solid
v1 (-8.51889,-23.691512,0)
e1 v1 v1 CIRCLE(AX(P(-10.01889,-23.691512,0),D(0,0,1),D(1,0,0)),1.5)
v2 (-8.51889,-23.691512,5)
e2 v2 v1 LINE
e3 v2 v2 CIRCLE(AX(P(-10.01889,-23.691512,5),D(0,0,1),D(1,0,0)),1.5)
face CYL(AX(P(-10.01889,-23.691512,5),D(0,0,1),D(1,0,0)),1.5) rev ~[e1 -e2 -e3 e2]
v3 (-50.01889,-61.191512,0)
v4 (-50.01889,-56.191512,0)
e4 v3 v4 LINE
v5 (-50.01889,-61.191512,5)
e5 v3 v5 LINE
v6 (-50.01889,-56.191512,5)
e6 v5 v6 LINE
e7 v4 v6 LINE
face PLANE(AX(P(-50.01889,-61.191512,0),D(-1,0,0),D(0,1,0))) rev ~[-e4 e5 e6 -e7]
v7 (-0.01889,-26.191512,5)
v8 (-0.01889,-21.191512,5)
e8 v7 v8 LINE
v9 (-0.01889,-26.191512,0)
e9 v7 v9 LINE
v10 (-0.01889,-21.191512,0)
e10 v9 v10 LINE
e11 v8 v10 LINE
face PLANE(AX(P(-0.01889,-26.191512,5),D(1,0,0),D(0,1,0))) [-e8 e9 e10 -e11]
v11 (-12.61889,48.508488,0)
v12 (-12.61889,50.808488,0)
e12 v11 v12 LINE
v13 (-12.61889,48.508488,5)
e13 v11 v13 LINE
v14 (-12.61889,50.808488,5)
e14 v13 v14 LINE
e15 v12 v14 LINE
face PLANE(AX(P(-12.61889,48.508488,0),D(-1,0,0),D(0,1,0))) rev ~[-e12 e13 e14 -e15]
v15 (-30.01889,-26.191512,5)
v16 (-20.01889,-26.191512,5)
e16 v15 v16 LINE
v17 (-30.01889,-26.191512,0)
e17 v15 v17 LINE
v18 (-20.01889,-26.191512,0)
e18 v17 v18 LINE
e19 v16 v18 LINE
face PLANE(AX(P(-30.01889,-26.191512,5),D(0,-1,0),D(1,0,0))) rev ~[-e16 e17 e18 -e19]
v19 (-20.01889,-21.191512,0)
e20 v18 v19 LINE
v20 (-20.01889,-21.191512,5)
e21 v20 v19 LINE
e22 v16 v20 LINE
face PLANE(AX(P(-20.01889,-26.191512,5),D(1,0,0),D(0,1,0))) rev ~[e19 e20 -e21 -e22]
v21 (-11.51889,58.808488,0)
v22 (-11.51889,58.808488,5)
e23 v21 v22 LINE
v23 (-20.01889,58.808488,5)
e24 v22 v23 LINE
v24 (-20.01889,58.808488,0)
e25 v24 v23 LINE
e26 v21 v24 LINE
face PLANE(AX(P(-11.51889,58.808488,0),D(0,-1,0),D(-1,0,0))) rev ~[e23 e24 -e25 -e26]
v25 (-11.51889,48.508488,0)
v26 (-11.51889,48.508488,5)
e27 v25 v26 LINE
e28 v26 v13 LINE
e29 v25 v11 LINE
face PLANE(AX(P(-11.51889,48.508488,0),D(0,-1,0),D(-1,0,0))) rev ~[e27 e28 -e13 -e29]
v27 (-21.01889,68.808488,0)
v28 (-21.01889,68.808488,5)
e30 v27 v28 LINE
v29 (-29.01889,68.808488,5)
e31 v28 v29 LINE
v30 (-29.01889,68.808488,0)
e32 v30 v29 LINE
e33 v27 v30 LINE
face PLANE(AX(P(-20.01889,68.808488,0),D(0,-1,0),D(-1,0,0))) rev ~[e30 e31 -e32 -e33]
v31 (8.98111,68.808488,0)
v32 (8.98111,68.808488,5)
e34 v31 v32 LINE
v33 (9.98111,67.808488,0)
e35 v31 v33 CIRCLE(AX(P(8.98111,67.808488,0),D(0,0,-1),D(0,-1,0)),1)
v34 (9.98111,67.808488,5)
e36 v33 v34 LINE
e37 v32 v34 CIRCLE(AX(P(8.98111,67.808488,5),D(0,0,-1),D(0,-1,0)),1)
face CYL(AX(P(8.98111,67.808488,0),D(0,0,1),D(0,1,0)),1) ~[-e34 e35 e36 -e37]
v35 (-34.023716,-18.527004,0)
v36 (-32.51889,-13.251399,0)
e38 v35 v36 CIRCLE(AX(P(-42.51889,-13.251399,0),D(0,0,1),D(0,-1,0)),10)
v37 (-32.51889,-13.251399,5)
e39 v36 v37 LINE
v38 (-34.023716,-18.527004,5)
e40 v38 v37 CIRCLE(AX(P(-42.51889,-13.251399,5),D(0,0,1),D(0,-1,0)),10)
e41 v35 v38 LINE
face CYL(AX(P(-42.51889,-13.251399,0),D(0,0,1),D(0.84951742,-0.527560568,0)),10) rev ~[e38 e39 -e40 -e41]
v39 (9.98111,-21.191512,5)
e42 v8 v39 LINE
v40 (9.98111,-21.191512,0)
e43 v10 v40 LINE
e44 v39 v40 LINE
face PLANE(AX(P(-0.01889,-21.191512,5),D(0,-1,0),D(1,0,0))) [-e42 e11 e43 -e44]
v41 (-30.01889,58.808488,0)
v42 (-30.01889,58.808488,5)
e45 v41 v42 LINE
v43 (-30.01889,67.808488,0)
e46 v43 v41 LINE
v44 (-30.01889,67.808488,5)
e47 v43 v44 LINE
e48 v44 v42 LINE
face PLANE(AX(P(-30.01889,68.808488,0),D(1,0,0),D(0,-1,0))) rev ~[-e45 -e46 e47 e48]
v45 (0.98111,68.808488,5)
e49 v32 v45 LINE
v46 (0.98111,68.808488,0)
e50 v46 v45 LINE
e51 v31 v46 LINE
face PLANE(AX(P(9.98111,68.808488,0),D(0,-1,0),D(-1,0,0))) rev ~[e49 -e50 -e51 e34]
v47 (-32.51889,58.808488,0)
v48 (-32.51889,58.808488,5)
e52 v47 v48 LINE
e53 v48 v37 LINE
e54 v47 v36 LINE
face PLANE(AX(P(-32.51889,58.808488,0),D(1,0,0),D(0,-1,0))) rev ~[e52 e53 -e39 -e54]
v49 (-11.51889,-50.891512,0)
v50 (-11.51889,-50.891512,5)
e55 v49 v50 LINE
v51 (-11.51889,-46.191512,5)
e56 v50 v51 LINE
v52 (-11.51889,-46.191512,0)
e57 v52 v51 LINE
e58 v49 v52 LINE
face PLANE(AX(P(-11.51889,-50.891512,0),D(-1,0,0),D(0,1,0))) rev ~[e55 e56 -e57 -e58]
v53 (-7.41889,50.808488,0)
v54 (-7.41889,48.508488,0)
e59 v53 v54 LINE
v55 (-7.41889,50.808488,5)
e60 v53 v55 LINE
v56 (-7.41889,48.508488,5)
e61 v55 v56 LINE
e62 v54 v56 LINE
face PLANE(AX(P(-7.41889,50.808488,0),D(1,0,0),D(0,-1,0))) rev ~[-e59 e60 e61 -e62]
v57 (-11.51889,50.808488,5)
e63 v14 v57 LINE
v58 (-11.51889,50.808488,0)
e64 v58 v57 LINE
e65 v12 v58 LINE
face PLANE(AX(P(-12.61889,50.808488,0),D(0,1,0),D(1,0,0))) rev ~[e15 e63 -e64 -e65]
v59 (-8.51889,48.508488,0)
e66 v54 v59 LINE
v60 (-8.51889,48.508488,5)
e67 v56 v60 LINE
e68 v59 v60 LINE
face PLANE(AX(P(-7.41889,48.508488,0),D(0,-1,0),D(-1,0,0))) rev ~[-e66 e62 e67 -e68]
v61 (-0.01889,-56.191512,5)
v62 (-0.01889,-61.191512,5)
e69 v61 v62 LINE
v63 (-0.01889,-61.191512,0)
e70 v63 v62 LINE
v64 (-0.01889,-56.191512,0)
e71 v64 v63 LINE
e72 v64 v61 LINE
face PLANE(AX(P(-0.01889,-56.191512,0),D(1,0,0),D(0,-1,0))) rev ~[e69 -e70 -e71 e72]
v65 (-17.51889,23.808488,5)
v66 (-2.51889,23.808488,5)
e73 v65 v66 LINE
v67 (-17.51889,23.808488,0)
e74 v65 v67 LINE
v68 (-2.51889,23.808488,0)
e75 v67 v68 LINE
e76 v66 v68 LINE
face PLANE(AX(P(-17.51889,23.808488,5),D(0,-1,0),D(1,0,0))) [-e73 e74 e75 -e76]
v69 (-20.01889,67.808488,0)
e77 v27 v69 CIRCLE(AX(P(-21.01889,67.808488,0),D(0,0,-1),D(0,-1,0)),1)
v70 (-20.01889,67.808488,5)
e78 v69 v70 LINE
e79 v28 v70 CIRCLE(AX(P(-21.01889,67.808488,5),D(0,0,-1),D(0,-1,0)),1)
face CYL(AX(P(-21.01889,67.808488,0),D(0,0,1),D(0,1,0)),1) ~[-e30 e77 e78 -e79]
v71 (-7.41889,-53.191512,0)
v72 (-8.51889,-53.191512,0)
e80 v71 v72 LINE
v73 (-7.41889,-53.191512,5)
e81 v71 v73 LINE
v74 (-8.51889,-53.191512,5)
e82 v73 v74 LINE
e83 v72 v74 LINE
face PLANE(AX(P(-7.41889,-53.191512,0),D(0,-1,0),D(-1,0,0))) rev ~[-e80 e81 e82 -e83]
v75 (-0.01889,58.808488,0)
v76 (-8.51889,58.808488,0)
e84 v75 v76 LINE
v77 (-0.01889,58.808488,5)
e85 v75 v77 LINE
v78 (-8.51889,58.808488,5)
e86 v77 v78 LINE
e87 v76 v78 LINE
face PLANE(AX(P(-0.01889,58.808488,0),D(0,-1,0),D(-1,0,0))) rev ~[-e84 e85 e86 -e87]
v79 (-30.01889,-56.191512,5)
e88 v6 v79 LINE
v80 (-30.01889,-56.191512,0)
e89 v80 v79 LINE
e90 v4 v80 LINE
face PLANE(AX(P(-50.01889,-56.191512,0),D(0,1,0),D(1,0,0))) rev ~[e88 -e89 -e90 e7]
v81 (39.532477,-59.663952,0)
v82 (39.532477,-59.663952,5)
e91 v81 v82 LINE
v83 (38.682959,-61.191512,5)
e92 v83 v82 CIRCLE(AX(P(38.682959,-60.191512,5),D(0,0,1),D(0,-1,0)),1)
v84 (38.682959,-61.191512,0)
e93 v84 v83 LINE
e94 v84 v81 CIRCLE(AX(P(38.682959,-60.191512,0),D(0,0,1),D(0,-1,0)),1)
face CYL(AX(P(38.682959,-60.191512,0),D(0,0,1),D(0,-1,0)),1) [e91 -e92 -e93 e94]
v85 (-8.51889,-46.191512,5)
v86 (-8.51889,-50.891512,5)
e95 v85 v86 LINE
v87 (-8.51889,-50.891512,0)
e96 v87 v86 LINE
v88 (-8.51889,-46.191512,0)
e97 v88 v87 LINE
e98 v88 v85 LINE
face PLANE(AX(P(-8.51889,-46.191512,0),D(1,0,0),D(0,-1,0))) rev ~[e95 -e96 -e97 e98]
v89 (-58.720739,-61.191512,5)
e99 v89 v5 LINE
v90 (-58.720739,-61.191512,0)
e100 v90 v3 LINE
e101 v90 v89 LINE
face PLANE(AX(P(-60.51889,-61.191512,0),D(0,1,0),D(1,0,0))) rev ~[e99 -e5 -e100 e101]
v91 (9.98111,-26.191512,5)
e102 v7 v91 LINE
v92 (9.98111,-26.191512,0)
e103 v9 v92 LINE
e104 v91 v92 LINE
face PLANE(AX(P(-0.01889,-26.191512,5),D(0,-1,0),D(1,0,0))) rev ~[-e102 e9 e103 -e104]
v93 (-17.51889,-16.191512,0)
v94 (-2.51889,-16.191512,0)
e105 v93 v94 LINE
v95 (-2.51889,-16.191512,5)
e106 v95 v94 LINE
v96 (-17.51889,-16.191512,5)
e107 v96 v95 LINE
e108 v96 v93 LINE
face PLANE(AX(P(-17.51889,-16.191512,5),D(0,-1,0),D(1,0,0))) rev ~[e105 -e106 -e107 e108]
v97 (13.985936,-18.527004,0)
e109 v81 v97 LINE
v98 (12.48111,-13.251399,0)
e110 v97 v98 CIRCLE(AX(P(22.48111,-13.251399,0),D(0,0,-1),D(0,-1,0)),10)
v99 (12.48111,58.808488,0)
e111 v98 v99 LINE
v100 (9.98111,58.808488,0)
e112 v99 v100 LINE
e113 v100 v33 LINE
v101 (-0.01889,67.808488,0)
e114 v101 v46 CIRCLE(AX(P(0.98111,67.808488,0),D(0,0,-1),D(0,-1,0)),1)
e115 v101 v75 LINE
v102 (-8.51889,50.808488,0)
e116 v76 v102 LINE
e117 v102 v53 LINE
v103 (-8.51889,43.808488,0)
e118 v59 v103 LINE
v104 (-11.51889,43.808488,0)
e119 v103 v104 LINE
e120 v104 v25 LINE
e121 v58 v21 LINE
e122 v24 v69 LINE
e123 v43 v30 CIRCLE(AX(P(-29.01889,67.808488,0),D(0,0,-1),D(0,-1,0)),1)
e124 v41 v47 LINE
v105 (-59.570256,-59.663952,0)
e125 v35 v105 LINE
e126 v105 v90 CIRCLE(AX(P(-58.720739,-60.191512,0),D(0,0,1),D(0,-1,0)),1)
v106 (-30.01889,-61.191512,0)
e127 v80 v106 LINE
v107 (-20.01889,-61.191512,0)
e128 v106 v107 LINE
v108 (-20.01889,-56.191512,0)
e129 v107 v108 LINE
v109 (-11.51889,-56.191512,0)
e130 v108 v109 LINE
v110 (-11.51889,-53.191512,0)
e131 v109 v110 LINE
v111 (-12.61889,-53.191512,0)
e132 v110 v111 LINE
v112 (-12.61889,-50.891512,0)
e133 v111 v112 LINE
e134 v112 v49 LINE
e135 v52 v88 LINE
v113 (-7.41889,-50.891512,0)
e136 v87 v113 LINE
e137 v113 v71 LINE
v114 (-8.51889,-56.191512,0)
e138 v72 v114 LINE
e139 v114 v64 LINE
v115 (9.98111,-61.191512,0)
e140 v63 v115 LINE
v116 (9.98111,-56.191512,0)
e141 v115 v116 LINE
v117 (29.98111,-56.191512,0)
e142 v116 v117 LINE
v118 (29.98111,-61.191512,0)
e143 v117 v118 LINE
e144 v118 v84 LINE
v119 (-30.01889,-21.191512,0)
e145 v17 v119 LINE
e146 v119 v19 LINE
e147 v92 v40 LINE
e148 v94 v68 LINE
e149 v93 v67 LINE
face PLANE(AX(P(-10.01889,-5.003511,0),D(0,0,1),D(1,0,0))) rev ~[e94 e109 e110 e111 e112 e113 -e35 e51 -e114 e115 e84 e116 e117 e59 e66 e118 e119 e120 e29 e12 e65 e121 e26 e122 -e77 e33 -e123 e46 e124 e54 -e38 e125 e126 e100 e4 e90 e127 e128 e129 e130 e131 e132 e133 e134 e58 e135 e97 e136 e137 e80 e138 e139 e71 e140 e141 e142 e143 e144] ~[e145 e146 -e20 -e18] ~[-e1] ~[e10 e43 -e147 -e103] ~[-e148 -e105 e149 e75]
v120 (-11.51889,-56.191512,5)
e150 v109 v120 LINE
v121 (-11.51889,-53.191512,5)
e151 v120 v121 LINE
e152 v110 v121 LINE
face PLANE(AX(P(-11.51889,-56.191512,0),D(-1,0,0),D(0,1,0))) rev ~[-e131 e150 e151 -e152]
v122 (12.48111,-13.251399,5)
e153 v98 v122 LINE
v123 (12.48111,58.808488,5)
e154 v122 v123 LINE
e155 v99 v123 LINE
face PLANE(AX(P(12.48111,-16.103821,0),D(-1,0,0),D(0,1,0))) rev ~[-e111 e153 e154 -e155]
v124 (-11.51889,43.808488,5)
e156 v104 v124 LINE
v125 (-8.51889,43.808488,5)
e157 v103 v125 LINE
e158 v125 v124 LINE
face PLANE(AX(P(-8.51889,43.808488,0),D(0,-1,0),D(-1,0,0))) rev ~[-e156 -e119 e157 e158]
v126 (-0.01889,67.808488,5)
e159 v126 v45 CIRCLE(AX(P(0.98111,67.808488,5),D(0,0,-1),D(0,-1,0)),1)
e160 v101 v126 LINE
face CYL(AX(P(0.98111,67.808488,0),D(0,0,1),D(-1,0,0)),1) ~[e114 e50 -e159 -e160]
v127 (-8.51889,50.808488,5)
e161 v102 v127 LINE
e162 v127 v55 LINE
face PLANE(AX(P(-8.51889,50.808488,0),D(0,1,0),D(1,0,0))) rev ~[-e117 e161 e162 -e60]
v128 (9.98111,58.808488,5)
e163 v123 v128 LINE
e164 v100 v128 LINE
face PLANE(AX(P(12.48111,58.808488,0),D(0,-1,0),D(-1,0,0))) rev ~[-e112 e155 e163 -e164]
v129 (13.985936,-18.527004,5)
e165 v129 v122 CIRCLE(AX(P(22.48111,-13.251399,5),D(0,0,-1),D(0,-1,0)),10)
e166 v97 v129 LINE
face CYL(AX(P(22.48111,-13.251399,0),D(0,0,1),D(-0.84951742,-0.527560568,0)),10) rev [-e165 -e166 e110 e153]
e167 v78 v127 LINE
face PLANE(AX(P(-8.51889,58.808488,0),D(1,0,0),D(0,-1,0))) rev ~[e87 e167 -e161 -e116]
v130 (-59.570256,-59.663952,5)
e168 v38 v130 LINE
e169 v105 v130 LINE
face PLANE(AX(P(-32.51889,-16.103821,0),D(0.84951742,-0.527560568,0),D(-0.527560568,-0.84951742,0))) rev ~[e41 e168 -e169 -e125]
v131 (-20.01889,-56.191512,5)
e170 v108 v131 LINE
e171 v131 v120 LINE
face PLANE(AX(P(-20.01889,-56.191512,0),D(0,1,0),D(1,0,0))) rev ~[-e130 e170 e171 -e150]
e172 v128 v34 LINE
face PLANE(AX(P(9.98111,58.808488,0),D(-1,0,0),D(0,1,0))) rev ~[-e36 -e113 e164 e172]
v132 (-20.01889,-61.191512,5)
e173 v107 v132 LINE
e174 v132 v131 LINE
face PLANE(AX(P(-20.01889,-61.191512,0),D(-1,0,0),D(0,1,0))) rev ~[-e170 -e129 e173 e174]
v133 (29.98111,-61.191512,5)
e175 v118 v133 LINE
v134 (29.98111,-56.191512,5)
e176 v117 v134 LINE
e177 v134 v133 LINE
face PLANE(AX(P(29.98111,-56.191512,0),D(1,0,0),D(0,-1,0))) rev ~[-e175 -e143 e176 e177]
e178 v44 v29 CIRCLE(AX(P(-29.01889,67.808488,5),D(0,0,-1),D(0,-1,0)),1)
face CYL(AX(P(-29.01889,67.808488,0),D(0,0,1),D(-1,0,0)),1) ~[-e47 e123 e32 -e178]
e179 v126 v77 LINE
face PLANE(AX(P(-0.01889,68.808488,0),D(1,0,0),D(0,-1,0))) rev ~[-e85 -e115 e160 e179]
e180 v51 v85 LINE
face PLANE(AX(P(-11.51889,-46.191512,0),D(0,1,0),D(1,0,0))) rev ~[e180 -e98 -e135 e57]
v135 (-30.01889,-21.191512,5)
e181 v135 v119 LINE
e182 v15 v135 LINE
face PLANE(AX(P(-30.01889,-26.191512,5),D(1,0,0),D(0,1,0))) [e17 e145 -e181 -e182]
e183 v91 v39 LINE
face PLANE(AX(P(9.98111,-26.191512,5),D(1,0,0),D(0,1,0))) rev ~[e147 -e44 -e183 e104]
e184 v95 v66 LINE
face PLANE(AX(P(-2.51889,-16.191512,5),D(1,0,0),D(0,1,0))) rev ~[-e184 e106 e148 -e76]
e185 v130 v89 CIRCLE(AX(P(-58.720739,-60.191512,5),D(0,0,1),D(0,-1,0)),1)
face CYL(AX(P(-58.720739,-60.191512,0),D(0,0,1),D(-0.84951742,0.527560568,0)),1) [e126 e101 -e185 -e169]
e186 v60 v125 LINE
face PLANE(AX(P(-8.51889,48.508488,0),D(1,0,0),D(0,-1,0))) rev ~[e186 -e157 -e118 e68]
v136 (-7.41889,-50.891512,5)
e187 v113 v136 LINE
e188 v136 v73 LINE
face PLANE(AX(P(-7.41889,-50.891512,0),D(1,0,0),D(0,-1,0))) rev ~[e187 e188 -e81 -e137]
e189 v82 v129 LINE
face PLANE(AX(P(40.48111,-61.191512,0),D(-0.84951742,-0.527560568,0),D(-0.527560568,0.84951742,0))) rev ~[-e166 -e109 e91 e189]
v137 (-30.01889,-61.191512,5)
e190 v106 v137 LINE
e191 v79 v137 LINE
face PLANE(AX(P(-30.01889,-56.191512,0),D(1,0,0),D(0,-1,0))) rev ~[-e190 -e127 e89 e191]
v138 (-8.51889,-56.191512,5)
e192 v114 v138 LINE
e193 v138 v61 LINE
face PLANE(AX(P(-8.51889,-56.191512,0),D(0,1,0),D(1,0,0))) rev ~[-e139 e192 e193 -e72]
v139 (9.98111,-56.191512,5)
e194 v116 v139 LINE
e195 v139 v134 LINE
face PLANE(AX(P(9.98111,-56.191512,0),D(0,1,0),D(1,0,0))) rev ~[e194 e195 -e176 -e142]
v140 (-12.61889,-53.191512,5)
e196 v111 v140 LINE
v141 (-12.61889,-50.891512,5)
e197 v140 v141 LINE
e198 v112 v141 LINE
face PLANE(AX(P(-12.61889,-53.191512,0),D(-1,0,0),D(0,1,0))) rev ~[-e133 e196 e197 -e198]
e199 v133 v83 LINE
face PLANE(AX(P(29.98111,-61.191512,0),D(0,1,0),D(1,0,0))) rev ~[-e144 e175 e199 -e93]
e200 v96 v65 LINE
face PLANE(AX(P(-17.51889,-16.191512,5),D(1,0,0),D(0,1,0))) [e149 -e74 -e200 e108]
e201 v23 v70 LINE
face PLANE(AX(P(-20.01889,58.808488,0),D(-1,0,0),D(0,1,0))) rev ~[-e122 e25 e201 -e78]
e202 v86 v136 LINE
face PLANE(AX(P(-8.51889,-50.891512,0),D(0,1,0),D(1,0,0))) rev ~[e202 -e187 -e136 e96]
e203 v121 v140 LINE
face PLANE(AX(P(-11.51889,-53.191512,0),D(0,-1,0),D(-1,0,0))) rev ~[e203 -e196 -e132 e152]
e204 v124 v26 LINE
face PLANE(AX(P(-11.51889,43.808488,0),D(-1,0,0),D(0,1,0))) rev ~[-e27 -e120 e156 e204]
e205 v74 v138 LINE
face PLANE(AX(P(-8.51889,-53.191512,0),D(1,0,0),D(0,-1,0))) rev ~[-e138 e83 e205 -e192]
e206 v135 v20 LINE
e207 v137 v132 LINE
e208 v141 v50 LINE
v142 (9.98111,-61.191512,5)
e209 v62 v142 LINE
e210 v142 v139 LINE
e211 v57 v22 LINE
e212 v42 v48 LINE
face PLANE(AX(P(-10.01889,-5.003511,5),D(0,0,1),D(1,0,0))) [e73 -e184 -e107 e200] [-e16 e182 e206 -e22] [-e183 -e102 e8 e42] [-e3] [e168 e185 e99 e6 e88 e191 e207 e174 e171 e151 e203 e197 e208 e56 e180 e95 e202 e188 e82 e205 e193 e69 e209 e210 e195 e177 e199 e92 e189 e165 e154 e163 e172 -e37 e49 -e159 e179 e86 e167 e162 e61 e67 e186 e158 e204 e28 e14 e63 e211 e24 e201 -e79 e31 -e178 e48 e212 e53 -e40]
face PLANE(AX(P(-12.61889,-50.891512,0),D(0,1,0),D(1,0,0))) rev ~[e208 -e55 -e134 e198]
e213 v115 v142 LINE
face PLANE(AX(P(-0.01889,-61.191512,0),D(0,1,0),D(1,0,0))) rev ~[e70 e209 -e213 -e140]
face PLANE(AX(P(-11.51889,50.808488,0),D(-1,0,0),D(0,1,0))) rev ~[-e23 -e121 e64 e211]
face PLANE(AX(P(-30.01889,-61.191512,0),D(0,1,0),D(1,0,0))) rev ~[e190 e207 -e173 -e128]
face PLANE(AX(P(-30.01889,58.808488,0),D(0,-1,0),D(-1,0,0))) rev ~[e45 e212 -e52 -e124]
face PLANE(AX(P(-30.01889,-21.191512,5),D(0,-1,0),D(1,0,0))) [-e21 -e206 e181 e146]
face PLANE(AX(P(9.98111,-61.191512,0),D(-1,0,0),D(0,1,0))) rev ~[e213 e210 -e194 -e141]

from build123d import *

# Parameters (mm, degrees)
BOSS_EXTRUDE1_DEPTH = 5
SKETCH2_R           = 1.5
SKETCH2_W           = 10
SKETCH2_H           = 5
SKETCH2_W_2         = 15
SKETCH2_H_2         = 40
CUT_EXTRUDE1_DEPTH  = 10
FILLET1_R           = 10
FILLET2_R           = 1
CONG_1_R            = 1


with BuildPart() as part:
    # Sketch1 → Boss-Extrude1 (new body)
    with BuildSketch(Plane.XY):
        Polygon((-50.018889855, -56.191512275), (-30.018889855, -56.191512275), (-30.018889855, -61.191512275), (-20.018889855, -61.191512275), (-20.018889855, -56.191512275), (-11.518889855, -56.191512275), (-11.518889855, -53.191512275), (-12.618889855, -53.191512275), (-12.618889855, -50.891512275), (-11.518889855, -50.891512275), (-11.518889855, -46.191512275), (-8.518889855, -46.191512275), (-8.518889855, -50.891512275), (-7.418889855, -50.891512275), (-7.418889855, -53.191512275), (-8.518889855, -53.191512275), (-8.518889855, -56.191512275), (-0.018889855, -56.191512275), (-0.018889855, -61.191512275), (9.981110145, -61.191512275), (9.981110145, -56.191512275), (29.981110145, -56.191512275), (29.981110145, -61.191512275), (40.481110145, -61.191512275), (12.481110145, -16.103821473), (12.481110145, 58.808487725), (9.981110145, 58.808487725), (9.981110145, 68.808487725), (-0.018889855, 68.808487725), (-0.018889855, 58.808487725), (-8.518889855, 58.808487725), (-8.518889855, 50.808487725), (-7.418889855, 50.808487725), (-7.418889855, 48.508487725), (-8.518889855, 48.508487725), (-8.518889855, 43.808487725), (-11.518889855, 43.808487725), (-11.518889855, 48.508487725), (-12.618889855, 48.508487725), (-12.618889855, 50.808487725), (-11.518889855, 50.808487725), (-11.518889855, 58.808487725), (-20.018889855, 58.808487725), (-20.018889855, 68.808487725), (-30.018889855, 68.808487725), (-30.018889855, 58.808487725), (-32.518889855, 58.808487725), (-32.518889855, -16.103821473), (-60.518889855, -61.191512275), (-50.018889855, -61.191512275), align=None)
    extrude(amount=BOSS_EXTRUDE1_DEPTH)

    # Sketch2 → Cut-Extrude1 (cut)
    with BuildSketch(Plane.XY.offset(5)):
        with Locations((-10.018889855, -23.691512275)):
            Circle(SKETCH2_R)
        with Locations((-25.018889855, -23.691512275)):
            Rectangle(SKETCH2_W, SKETCH2_H)
        with Locations((4.981110145, -23.691512275)):
            Rectangle(SKETCH2_W, SKETCH2_H)
        with Locations((-10.018889855, 3.808487725)):
            Rectangle(SKETCH2_W_2, SKETCH2_H_2)
    extrude(amount=-CUT_EXTRUDE1_DEPTH, mode=Mode.SUBTRACT)

    # Fillet1
    fillet1_edges = [part.edges().sort_by_distance(p)[0] for p in [
        (-32.518889855, -16.103821473, 2.5),
        (12.481110145, -16.103821473, 2.5),
    ]]
    fillet(fillet1_edges, radius=FILLET1_R)

    # Fillet2
    fillet2_edges = [part.edges().sort_by_distance(p)[0] for p in [
        (40.481110145, -61.191512275, 2.5),
        (-60.518889855, -61.191512275, 2.5),
    ]]
    fillet(fillet2_edges, radius=FILLET2_R)

    # Congé1
    cong_1_edges = [part.edges().sort_by_distance(p)[0] for p in [
        (-30.018889855, 68.808487725, 2.5),
        (-20.018889855, 68.808487725, 2.5),
        (-0.018889855, 68.808487725, 2.5),
        (9.981110145, 68.808487725, 2.5),
    ]]
    fillet(cong_1_edges, radius=CONG_1_R)


solid = part.part
